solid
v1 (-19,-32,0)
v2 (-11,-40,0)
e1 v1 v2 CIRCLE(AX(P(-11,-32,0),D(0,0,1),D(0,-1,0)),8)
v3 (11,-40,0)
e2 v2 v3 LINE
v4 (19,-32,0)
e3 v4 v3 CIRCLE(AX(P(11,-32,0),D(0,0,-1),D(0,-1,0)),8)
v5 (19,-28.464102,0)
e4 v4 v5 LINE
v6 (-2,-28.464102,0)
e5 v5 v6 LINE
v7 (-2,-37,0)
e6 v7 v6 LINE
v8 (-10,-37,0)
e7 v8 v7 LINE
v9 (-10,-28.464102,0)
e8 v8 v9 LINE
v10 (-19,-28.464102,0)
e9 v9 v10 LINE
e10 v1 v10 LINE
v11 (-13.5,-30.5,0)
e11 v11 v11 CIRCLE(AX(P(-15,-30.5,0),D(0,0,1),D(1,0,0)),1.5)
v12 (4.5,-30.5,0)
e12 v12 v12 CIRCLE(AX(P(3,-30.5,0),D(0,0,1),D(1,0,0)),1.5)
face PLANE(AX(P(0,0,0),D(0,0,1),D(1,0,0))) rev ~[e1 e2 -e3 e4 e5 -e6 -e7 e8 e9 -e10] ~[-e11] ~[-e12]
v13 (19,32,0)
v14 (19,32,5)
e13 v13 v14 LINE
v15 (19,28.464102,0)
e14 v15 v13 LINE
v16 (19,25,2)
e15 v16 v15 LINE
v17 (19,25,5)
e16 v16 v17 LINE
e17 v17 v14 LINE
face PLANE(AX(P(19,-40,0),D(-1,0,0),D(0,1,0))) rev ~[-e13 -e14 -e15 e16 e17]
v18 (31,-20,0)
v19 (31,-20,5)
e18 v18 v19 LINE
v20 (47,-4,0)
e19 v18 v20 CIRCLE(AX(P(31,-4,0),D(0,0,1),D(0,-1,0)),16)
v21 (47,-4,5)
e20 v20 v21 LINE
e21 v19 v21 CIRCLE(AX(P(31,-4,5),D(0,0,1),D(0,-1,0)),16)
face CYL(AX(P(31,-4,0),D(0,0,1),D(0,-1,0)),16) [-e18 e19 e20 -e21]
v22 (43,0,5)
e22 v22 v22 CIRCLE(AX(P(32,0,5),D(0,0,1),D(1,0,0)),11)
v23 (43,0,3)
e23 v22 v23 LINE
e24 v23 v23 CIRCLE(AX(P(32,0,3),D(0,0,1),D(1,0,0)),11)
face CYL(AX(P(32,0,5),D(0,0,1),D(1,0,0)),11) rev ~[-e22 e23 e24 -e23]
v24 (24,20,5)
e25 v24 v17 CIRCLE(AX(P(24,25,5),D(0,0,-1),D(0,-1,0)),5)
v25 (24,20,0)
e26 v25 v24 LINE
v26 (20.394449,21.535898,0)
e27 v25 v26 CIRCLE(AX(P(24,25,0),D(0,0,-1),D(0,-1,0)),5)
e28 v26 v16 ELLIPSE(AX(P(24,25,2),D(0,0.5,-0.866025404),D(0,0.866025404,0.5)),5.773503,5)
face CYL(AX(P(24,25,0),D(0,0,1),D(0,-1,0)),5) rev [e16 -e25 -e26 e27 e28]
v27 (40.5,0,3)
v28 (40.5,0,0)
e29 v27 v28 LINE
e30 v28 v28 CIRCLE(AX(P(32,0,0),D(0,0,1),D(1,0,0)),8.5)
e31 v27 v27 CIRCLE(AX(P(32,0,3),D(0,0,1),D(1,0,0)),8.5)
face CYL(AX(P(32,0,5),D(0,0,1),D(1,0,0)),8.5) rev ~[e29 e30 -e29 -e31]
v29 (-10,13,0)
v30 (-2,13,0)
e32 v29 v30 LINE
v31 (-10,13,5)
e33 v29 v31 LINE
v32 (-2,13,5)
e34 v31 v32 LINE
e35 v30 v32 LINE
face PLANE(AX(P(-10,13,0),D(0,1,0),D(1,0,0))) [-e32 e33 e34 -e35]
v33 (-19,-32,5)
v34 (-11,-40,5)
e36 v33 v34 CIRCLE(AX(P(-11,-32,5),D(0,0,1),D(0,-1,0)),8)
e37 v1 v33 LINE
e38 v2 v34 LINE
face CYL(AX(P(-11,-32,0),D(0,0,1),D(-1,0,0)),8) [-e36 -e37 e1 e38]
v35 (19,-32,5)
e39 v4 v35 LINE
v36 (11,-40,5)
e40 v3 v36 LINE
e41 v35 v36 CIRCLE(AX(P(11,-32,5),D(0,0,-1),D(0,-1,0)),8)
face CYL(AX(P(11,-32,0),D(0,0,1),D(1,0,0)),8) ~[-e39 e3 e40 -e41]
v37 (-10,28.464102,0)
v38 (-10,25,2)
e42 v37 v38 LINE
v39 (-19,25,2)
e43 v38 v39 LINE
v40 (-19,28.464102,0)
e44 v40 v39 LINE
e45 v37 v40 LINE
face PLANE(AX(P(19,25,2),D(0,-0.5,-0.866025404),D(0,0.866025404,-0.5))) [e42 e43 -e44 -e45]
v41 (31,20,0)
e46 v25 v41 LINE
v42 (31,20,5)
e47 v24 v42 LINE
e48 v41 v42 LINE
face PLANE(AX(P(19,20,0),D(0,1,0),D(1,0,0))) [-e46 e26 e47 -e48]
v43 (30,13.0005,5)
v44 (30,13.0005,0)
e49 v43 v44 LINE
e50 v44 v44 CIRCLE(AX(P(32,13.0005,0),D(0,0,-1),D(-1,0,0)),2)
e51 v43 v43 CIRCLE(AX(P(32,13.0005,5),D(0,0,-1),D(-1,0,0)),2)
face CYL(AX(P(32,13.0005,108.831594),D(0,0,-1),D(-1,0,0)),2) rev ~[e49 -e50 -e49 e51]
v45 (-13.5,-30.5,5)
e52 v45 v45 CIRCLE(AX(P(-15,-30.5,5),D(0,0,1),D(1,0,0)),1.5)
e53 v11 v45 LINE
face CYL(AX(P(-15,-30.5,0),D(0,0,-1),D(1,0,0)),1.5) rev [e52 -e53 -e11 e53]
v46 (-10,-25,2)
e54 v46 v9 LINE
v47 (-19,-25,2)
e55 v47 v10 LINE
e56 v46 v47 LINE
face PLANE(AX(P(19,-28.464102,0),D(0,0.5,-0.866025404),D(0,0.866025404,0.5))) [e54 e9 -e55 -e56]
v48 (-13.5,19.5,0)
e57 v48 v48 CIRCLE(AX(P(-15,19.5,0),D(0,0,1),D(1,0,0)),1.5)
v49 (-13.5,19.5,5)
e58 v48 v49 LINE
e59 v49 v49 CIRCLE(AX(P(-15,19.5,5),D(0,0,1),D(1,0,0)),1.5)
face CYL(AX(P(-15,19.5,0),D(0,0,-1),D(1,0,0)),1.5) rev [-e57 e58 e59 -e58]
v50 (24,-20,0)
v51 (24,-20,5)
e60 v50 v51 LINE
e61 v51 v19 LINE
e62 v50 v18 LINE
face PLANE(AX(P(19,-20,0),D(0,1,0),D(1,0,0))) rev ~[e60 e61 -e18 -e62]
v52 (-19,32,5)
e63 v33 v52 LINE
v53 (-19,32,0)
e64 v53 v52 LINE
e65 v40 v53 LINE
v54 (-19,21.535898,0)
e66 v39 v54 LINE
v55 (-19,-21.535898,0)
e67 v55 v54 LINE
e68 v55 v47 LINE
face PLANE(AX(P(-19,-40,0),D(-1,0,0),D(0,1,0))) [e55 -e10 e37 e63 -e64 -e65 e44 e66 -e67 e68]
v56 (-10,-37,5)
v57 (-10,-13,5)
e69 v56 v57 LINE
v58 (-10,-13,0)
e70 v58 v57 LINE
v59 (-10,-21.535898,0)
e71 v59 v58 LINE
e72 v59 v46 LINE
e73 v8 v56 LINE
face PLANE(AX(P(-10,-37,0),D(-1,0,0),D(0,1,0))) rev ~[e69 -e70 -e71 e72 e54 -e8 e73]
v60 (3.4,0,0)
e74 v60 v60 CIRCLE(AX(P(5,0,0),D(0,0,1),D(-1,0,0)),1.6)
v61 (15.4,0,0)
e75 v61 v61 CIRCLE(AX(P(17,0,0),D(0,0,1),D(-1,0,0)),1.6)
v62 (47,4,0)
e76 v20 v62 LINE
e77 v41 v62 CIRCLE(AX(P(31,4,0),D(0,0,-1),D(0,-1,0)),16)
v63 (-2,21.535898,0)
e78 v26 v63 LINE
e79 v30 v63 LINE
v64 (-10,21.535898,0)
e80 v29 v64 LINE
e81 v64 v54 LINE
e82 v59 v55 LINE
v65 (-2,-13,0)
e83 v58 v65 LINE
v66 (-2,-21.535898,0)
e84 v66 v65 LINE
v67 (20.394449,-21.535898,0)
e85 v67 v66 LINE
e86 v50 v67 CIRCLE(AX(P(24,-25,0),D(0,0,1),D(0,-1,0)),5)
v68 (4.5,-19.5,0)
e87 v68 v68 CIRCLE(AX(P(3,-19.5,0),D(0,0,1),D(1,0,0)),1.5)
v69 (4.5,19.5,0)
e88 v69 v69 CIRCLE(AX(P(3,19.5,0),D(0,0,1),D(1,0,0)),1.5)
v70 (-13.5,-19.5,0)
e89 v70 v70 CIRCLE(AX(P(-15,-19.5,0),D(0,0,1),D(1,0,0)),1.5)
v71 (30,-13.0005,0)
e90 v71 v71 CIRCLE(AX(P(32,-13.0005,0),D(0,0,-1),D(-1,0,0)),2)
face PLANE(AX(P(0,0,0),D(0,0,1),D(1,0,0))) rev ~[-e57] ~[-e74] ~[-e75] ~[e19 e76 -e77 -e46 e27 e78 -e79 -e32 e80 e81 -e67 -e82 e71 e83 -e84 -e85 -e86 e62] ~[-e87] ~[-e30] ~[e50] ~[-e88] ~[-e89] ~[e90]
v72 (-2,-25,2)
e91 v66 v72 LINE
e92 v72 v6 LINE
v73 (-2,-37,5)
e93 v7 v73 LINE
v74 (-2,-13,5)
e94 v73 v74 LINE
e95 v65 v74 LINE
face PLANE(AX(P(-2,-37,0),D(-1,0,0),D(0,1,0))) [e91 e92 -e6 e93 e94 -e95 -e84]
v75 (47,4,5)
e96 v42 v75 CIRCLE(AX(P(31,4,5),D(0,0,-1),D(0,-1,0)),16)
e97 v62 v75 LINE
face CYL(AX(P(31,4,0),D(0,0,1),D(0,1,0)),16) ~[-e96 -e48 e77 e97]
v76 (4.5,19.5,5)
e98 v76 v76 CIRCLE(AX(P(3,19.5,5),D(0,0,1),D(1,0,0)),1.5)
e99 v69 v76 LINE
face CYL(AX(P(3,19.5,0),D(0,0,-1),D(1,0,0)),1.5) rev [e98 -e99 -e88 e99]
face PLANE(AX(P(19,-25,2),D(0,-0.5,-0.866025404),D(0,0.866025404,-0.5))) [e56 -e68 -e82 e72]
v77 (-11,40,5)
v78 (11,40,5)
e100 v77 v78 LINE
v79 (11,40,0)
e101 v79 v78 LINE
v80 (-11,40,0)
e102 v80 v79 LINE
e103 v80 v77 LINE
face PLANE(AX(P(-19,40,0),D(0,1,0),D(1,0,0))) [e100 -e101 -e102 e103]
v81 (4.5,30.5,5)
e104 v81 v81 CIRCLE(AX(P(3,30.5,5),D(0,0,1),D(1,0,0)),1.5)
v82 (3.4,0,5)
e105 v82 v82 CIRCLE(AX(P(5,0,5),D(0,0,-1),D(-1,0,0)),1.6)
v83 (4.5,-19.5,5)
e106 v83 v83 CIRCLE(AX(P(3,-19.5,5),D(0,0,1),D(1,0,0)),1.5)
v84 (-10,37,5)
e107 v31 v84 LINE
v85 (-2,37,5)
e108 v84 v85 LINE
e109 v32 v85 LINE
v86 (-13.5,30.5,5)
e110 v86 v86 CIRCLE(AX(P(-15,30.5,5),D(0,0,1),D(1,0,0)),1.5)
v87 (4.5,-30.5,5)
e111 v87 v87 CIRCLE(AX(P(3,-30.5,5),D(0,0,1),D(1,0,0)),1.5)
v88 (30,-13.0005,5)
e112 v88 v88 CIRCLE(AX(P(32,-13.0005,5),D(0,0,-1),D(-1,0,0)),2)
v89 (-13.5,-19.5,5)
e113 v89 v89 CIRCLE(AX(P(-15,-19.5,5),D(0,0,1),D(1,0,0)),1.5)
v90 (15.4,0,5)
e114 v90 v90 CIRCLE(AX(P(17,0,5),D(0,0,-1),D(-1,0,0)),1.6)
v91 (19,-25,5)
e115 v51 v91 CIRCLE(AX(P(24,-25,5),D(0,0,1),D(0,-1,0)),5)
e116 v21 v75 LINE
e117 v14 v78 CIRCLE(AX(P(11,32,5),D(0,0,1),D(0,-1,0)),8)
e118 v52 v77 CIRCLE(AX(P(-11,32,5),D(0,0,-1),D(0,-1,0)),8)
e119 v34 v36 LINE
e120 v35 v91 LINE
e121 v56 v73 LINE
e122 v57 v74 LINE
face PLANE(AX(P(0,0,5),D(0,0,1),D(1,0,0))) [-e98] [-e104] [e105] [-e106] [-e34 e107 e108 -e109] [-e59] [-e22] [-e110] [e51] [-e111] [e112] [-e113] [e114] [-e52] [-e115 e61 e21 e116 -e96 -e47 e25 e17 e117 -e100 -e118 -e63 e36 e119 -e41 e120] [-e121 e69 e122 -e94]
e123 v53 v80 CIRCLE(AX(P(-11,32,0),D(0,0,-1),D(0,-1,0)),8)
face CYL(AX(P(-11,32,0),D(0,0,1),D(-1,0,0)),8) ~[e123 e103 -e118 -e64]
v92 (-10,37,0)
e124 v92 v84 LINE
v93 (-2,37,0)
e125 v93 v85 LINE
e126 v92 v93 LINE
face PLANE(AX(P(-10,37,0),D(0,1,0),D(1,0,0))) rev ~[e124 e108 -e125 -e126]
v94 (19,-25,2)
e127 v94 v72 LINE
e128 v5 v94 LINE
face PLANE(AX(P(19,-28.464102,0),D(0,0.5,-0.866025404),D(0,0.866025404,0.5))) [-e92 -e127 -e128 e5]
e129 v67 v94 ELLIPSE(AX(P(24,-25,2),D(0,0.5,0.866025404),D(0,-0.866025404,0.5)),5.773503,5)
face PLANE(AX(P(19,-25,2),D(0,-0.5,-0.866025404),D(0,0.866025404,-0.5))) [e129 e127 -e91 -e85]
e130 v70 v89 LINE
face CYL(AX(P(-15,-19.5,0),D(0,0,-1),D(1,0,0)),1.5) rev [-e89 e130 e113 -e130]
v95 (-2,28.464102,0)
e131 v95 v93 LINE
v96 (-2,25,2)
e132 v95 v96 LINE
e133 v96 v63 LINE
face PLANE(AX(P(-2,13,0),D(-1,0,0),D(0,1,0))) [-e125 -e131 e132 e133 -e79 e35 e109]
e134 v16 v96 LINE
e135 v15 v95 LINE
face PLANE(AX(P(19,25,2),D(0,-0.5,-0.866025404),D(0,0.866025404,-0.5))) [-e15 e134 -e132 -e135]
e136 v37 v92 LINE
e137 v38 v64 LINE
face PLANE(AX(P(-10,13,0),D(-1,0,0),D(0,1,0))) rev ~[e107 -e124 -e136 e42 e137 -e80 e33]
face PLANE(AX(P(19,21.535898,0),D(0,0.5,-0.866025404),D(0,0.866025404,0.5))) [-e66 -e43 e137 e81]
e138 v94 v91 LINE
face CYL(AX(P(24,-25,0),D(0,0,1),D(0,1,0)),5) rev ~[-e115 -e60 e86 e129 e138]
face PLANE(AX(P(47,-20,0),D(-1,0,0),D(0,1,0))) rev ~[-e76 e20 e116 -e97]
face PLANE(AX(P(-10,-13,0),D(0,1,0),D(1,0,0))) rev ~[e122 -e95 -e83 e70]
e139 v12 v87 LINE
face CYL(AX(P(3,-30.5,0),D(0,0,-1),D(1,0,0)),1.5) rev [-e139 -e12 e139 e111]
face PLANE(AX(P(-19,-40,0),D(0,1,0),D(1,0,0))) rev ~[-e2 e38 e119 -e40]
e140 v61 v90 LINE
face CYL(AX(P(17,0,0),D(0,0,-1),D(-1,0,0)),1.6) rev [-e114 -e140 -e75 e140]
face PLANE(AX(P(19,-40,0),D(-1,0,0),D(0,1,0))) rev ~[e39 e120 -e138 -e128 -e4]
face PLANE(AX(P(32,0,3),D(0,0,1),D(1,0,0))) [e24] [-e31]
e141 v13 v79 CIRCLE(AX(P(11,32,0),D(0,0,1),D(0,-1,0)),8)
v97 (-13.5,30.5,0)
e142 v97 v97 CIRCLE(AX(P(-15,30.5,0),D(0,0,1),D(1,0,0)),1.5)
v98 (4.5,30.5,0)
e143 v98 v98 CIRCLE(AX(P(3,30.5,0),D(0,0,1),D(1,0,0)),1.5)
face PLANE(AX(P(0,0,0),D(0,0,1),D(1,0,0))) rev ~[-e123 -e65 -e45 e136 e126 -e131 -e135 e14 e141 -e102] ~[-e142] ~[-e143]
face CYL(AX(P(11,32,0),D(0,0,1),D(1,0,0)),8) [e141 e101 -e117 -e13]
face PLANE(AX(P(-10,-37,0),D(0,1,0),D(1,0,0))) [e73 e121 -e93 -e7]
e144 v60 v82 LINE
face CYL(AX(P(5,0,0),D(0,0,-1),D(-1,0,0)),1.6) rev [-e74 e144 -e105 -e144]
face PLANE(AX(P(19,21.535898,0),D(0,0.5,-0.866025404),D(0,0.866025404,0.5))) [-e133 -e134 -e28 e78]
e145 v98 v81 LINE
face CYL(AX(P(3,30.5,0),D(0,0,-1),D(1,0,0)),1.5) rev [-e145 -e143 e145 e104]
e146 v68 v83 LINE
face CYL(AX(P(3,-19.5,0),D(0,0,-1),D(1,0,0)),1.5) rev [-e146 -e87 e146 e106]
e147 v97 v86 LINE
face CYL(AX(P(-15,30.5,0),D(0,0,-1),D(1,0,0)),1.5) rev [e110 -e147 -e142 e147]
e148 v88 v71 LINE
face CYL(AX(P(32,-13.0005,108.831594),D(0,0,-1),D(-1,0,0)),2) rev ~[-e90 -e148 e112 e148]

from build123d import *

# Parameters (mm, degrees)
ESBO_O1_R                = 1.5
ESBO_O1_W                = 8
ESBO_O1_H                = 24
RESSALTO_EXTRUS_O1_DEPTH = 5
CORTE_EXTRUS_O1_DEPTH    = 56.398555938
ESBO_O6_R                = 8.5
CORTE_EXTRUS_O3_DEPTH    = 62.919302322
ESBO_O6_3_R              = 11
ESBO_O6_3_R_2            = 8.5
CORTE_EXTRUS_O4_DEPTH    = 2
FURO_ROSCADO_DE_M41_D    = 4
FILETE1_R                = 16
FILETE2_R                = 5
FILETE3_R                = 8
ESBO_O9_R                = 1.6
CORTE_EXTRUS_O9_DEPTH    = 62.919302322


with BuildPart() as part:
    # Esboço1 → Ressalto-extrusão1 (new body)
    with BuildSketch(Plane.XY):
        Polygon((19, 40), (-19, 40), (-19, -40), (19, -40), (19, -20), (47, -20), (47, 20), (19, 20), align=None)
        with Locations((-15, -30.5)):
            Circle(ESBO_O1_R, mode=Mode.SUBTRACT)
        with Locations((-6, -25)):
            Rectangle(ESBO_O1_W, ESBO_O1_H, mode=Mode.SUBTRACT)
        with Locations((3, -30.5)):
            Circle(ESBO_O1_R, mode=Mode.SUBTRACT)
        with Locations((-15, -19.5)):
            Circle(ESBO_O1_R, mode=Mode.SUBTRACT)
        with Locations((3, -19.5)):
            Circle(ESBO_O1_R, mode=Mode.SUBTRACT)
        with Locations((-15, 19.5)):
            Circle(ESBO_O1_R, mode=Mode.SUBTRACT)
        with Locations((3, 19.5)):
            Circle(ESBO_O1_R, mode=Mode.SUBTRACT)
        with Locations((-6, 25)):
            Rectangle(ESBO_O1_W, ESBO_O1_H, mode=Mode.SUBTRACT)
        with Locations((-15, 30.5)):
            Circle(ESBO_O1_R, mode=Mode.SUBTRACT)
        with Locations((3, 30.5)):
            Circle(ESBO_O1_R, mode=Mode.SUBTRACT)
    extrude(amount=RESSALTO_EXTRUS_O1_DEPTH)

    # Esboço2 → Corte-extrusão1 (cut, through all)
    with BuildSketch(Plane(origin=(19, 0, 0), x_dir=(0, 0, -1), z_dir=(1, 0, 0))):
        Polygon((-2, 25), (0, 28.464101615), (0, 21.535898385), align=None)
        Polygon((-2, -25), (0, -21.535898385), (0, -28.464101615), align=None)
    extrude(amount=-CORTE_EXTRUS_O1_DEPTH, mode=Mode.SUBTRACT)

    # Esboço6 → Corte-extrusão3 (cut, through all)
    with BuildSketch(Plane.XY.offset(5)):
        with Locations((32, 0)):
            Circle(ESBO_O6_R)
    extrude(amount=-CORTE_EXTRUS_O3_DEPTH, mode=Mode.SUBTRACT)

    # Esboço6<3> → Corte-extrusão4 (cut)
    with BuildSketch(Plane.XY.offset(5)):
        with Locations((32, 0)):
            Circle(ESBO_O6_3_R)
        with Locations((32, 0)):
            Circle(ESBO_O6_3_R_2, mode=Mode.SUBTRACT)
    extrude(amount=-CORTE_EXTRUS_O4_DEPTH, mode=Mode.SUBTRACT)

    # Furo roscado de M41 (through all)
    with Locations(Plane(origin=(-8.290173831, 15.833247685, 5), x_dir=(1, 0, 0), z_dir=(0, 0, 1))):
        with Locations((40.290173831, -2.832747685), (40.290173831, -28.833747685)):
            Hole(FURO_ROSCADO_DE_M41_D / 2)

    # Filete1
    filete1_edges = [part.edges().sort_by_distance(p)[0] for p in [
        (47, -20, 2.5),
        (47, 20, 2.5),
    ]]
    fillet(filete1_edges, radius=FILETE1_R)

    # Filete2
    filete2_edges = [part.edges().sort_by_distance(p)[0] for p in [
        (19, -20, 2.5),
        (19, 20, 2.5),
    ]]
    fillet(filete2_edges, radius=FILETE2_R)

    # Filete3
    filete3_edges = [part.edges().sort_by_distance(p)[0] for p in [
        (-19, -40, 2.5),
        (19, -40, 2.5),
        (19, 40, 2.5),
        (-19, 40, 2.5),
    ]]
    fillet(filete3_edges, radius=FILETE3_R)

    # Esboço9 → Corte-extrusão9 (cut, through all)
    with BuildSketch(Plane.XY):
        with Locations((5, 0)):
            Circle(ESBO_O9_R)
        with Locations((17, 0)):
            Circle(ESBO_O9_R)
    extrude(amount=CORTE_EXTRUS_O9_DEPTH, mode=Mode.SUBTRACT)


solid = part.part
